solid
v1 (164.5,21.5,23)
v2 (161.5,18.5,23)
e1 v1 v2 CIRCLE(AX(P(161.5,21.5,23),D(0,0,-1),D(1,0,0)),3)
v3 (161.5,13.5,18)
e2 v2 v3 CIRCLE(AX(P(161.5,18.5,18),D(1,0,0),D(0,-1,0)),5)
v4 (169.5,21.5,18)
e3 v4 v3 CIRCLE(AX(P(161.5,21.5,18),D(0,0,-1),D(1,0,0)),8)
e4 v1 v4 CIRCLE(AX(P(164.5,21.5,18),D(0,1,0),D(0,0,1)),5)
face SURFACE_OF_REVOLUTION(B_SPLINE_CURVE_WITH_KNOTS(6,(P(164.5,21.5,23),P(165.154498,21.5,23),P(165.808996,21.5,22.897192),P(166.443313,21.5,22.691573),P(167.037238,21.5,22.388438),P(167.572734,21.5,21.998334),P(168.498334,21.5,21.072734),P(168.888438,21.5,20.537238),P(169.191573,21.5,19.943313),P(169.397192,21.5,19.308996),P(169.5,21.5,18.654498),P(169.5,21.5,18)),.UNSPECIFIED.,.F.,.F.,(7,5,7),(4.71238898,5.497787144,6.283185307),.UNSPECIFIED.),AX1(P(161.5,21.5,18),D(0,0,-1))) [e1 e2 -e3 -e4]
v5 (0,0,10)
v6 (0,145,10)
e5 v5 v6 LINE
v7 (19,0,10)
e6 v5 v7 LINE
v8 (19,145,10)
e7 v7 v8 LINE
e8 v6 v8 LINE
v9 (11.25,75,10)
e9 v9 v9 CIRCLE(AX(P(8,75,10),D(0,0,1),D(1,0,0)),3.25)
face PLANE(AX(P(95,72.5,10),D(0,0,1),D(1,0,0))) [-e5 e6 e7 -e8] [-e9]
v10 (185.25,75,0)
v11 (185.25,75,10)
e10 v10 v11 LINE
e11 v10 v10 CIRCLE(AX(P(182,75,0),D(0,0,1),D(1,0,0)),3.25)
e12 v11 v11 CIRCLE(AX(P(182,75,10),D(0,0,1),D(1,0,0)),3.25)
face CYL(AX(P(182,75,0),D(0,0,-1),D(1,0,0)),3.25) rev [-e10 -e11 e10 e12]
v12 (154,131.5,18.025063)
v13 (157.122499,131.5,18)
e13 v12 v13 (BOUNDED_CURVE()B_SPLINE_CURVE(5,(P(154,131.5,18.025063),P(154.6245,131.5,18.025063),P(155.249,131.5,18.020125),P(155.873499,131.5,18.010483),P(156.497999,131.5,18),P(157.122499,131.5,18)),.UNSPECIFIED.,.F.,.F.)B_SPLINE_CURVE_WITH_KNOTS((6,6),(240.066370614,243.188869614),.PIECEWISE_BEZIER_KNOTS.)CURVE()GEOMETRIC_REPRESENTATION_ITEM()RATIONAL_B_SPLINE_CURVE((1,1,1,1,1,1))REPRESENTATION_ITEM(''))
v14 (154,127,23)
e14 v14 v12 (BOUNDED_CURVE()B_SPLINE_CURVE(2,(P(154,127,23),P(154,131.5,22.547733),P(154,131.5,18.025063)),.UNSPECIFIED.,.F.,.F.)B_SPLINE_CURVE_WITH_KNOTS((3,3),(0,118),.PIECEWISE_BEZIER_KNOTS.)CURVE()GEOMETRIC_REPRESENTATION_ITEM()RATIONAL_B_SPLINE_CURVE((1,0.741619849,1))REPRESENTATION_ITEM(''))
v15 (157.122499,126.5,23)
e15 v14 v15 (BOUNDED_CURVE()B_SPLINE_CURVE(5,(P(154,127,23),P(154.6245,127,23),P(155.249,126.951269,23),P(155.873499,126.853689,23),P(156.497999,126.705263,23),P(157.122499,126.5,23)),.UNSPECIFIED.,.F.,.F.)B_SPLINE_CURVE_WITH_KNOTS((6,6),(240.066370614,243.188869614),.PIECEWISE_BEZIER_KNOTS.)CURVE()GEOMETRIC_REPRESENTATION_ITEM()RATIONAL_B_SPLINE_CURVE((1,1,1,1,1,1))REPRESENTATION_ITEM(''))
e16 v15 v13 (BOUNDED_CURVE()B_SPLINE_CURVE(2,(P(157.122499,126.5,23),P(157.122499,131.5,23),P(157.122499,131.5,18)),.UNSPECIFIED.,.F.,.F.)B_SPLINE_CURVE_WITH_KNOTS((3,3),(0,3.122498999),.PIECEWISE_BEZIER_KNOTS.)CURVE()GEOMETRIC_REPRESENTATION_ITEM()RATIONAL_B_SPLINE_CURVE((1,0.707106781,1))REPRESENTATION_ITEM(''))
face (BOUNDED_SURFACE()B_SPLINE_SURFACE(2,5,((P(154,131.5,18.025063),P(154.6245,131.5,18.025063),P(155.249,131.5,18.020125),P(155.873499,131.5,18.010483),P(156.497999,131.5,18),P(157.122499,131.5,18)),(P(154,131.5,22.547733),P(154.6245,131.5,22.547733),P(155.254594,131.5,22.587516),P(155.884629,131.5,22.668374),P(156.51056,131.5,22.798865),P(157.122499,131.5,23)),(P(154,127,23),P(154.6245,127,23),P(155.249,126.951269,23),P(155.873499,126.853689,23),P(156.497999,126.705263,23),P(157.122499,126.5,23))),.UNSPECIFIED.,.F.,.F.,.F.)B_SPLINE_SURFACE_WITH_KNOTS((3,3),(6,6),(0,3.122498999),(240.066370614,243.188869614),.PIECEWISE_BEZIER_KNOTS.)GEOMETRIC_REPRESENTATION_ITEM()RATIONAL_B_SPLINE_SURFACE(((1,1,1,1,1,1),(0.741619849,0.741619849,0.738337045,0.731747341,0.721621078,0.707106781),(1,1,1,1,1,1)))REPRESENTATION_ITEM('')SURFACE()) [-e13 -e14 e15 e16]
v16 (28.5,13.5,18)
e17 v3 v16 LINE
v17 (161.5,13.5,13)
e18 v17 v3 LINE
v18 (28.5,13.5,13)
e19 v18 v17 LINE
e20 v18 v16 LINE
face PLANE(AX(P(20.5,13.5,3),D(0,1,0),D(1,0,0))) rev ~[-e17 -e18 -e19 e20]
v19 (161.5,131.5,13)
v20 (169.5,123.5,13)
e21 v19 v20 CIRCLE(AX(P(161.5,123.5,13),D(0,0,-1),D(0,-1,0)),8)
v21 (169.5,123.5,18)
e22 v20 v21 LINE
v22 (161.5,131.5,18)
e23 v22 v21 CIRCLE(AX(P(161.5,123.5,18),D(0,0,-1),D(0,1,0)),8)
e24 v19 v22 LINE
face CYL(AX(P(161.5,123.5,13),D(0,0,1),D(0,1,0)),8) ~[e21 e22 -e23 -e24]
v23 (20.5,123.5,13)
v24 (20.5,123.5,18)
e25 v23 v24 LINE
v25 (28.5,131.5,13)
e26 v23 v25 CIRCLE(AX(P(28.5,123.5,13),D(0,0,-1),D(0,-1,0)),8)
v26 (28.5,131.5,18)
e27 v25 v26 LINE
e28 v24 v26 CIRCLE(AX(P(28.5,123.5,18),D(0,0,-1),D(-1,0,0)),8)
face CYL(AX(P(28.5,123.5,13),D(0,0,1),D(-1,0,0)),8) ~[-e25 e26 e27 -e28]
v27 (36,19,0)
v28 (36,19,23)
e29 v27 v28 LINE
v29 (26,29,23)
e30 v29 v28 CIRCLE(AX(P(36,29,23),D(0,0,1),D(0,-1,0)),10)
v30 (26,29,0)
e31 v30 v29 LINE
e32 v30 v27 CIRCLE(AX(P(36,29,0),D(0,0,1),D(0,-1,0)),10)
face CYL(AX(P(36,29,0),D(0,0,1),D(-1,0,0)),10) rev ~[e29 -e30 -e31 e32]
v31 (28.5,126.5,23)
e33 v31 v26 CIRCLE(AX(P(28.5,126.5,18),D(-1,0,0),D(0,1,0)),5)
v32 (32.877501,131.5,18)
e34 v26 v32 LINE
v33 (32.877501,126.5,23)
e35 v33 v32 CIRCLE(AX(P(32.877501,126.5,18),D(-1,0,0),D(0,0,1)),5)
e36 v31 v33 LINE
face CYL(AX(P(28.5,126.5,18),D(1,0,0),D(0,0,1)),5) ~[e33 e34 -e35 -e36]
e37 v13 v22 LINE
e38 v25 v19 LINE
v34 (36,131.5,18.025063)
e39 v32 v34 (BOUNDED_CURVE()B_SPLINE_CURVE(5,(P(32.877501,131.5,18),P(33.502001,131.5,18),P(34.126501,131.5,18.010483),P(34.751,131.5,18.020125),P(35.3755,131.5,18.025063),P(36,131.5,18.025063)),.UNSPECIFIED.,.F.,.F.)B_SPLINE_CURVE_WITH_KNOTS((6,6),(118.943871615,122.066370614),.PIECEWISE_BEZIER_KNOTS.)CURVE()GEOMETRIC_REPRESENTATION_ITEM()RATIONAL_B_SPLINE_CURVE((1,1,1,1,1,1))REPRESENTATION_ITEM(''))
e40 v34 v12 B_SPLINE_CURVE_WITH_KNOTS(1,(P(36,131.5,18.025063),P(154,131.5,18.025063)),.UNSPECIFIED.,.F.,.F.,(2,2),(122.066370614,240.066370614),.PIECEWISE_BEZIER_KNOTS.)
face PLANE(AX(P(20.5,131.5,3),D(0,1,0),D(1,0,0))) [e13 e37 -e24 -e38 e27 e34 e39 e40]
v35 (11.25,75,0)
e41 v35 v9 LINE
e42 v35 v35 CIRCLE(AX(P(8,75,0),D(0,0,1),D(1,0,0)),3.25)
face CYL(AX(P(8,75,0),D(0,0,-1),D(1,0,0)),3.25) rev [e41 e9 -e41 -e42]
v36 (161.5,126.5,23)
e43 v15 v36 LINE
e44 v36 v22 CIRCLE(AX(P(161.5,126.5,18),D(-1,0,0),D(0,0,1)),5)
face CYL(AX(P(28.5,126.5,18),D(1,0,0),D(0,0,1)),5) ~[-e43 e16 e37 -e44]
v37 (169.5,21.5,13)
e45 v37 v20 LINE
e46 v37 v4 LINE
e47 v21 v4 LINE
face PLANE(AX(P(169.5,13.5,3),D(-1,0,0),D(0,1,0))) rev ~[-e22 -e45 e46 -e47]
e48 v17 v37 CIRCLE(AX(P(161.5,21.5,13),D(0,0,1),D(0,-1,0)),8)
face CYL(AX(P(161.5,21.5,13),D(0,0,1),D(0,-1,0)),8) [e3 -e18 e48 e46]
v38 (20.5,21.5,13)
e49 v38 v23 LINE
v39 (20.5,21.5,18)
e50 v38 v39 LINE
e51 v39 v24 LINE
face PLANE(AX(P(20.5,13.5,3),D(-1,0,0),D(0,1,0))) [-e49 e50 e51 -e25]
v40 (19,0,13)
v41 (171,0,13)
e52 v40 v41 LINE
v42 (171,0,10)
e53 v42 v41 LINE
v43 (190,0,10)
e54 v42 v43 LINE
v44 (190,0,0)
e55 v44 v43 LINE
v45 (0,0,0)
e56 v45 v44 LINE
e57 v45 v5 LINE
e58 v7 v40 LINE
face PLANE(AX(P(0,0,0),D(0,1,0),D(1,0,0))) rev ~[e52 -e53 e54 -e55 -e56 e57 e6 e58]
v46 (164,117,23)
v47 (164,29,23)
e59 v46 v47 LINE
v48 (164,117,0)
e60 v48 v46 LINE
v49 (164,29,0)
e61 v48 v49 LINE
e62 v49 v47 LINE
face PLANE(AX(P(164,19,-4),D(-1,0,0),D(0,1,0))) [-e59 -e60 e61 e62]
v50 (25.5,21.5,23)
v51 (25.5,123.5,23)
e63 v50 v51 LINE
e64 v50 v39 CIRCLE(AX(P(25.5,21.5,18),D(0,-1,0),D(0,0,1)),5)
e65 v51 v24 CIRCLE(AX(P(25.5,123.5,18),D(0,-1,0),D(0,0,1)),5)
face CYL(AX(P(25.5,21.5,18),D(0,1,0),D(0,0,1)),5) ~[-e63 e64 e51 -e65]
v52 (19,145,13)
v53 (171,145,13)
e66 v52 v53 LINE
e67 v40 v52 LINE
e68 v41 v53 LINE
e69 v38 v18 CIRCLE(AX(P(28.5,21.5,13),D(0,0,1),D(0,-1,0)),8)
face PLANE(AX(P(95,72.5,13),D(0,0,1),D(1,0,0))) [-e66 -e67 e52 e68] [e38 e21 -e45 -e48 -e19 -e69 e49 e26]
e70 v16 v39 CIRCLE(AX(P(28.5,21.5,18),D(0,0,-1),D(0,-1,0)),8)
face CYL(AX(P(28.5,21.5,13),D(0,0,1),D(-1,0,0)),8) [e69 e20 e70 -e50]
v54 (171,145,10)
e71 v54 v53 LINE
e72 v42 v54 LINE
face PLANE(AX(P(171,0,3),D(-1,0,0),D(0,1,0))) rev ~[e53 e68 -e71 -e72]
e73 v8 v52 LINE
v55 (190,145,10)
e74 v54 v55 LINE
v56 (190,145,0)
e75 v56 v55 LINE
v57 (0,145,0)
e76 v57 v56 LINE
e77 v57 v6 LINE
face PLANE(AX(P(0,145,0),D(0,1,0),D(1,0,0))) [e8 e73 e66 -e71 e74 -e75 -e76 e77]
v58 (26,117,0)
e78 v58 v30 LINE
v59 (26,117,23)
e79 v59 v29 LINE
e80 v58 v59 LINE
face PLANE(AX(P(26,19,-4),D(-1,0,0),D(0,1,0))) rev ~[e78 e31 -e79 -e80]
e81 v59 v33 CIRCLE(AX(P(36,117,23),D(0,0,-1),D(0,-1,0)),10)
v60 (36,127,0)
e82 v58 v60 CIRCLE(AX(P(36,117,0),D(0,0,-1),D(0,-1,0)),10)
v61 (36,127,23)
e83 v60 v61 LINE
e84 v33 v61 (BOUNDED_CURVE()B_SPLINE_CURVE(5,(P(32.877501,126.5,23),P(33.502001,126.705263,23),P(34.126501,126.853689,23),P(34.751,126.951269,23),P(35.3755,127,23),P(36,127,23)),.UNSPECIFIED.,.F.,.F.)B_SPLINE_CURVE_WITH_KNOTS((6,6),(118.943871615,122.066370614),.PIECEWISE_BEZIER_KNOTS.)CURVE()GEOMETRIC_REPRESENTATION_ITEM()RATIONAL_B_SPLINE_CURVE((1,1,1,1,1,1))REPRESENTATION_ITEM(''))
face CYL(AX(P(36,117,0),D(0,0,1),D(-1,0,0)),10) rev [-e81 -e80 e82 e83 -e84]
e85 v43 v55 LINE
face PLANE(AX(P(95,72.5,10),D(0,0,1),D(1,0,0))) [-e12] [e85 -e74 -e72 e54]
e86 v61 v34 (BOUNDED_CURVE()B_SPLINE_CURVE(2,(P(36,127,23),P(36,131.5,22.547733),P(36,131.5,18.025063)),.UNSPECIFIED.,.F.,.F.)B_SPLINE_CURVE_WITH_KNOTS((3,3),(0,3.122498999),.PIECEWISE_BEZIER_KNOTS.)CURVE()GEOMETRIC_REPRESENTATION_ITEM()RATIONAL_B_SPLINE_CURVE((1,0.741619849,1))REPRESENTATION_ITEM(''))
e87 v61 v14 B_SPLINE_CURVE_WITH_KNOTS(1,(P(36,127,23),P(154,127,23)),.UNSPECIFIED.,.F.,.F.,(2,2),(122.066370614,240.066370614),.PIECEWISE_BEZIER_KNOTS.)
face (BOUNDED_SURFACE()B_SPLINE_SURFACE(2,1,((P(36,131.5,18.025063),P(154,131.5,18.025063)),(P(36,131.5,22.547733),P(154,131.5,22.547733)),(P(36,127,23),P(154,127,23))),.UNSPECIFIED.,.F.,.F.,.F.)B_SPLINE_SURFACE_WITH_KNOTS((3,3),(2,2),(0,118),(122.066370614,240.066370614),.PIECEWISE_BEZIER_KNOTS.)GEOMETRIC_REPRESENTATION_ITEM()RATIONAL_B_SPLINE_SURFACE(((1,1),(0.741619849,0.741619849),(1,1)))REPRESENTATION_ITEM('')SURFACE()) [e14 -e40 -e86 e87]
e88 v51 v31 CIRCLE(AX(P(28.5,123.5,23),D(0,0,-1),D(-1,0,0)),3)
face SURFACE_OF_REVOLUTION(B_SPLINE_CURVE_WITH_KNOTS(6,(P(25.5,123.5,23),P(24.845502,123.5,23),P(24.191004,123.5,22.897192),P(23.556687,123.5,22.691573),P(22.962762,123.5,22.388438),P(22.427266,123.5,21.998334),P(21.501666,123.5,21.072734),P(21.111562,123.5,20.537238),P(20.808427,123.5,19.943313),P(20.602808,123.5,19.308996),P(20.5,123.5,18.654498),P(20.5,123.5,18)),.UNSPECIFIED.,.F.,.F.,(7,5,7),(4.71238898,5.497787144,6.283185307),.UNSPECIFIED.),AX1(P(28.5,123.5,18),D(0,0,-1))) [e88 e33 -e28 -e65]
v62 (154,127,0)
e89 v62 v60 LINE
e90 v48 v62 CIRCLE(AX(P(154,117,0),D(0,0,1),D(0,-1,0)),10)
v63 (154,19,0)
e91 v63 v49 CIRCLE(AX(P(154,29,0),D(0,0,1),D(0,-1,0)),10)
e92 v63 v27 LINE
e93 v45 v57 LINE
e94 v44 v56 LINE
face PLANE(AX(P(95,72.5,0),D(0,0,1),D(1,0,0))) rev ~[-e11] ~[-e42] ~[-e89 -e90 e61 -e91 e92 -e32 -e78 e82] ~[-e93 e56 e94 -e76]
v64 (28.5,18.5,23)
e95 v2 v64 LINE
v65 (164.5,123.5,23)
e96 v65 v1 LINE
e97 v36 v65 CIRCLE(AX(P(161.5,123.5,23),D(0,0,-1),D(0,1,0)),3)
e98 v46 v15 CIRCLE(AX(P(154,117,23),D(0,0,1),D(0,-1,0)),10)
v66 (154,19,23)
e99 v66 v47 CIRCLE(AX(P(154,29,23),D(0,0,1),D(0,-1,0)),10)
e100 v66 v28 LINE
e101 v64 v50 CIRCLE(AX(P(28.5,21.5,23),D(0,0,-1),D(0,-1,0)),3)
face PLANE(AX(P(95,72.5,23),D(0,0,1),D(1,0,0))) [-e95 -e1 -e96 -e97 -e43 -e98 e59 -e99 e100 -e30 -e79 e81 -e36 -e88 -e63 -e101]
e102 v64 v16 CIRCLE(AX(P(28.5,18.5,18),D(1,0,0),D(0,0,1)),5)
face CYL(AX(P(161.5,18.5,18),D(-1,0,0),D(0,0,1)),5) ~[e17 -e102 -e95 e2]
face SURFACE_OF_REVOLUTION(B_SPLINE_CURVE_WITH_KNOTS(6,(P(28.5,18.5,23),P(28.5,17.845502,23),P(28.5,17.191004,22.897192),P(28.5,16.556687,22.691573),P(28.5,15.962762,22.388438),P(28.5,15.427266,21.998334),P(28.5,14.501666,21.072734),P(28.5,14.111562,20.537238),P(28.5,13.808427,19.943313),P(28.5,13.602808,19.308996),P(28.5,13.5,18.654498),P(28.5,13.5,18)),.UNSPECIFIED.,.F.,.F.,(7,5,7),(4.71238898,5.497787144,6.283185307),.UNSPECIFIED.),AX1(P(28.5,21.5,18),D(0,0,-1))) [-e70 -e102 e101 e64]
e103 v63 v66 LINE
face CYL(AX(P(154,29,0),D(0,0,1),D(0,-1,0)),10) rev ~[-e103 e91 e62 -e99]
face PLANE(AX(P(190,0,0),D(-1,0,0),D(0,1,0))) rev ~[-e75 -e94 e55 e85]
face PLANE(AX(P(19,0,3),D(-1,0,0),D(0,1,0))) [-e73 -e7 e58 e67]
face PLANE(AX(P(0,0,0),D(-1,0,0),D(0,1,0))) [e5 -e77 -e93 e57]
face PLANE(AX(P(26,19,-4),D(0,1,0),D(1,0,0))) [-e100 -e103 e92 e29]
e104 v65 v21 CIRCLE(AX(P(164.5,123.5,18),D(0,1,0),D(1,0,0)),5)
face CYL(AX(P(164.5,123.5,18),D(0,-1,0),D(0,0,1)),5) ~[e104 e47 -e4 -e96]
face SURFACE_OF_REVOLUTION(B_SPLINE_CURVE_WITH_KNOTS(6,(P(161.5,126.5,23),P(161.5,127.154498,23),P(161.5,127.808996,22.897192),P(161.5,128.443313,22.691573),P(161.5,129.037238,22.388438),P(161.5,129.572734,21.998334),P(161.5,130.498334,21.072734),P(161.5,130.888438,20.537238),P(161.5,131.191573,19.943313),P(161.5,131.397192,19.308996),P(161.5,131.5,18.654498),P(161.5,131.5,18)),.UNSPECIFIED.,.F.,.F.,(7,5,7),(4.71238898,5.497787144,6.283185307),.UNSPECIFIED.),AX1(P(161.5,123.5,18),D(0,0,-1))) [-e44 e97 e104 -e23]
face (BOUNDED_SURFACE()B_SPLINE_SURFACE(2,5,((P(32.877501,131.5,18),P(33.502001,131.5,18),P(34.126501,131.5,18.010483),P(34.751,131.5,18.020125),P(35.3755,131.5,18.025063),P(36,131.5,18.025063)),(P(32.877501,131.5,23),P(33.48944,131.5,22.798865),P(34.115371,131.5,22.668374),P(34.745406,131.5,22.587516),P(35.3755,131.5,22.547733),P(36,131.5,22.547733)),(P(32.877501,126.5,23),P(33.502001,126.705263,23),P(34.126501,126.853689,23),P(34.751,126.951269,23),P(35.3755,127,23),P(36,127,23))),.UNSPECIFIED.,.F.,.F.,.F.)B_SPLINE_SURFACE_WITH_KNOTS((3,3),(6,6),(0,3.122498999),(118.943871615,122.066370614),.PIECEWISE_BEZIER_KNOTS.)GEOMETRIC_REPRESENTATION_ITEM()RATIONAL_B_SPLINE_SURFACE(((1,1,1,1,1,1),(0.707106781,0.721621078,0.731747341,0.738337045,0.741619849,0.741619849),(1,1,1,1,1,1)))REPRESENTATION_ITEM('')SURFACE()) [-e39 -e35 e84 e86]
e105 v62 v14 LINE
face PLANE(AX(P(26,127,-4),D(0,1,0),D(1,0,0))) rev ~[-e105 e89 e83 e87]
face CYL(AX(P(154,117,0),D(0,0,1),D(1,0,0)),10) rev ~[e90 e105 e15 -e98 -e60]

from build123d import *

# Parameters (mm, degrees)
CYLINDER_R     = 3.25
CYLINDER_DEPTH = 10
ARRAY_X_COUNT  = 2
ARRAY_X_PITCH  = 174
BOX003_W       = 138
BOX003_H       = 108
BOX003_DEPTH   = 37
BOX001_W       = 152
BOX001_H       = 145
BOX001_DEPTH   = 10
BOX_W          = 190
BOX_H          = 145
BOX_DEPTH      = 10
BOX002_W       = 149
BOX002_H       = 118
BOX002_DEPTH   = 20
FILLET_R       = 10
FILLET001_R    = 8
FILLET002_R    = 5


with BuildPart() as array:
    # Cylinder → Cylinder (new body)
    with BuildSketch(Plane(origin=(8, 75, 0), x_dir=(1, 0, 0), z_dir=(0, 0, 1))):
        Circle(CYLINDER_R)
    extrude(amount=CYLINDER_DEPTH)

    # Array X: Array ×2


with BuildPart() as array_1:
    add(array.part)
    with Locations(*[(i * ARRAY_X_PITCH, 0, 0) for i in range(1, ARRAY_X_COUNT)]):
        add(array.part)


with BuildPart() as cubo003:
    # Box003 → Box003 (new body)
    with BuildSketch(Plane(origin=(26, 19, -4), x_dir=(1, 0, 0), z_dir=(0, 0, 1))):
        with Locations((69, 54)):
            Rectangle(BOX003_W, BOX003_H)
    extrude(amount=BOX003_DEPTH)


with BuildPart() as cubo001:
    # Box001 → Box001 (new body)
    with BuildSketch(Plane(origin=(19, 0, 3), x_dir=(1, 0, 0), z_dir=(0, 0, 1))):
        with Locations((76, 72.5)):
            Rectangle(BOX001_W, BOX001_H)
    extrude(amount=BOX001_DEPTH)


with BuildPart() as cubo:
    # Box → Box (new body)
    with BuildSketch(Plane.XY):
        with Locations((95, 72.5)):
            Rectangle(BOX_W, BOX_H)
    extrude(amount=BOX_DEPTH)


with BuildPart() as cut001:
    # Box002 → Box002 (new body)
    with BuildSketch(Plane(origin=(20.5, 13.5, 3), x_dir=(1, 0, 0), z_dir=(0, 0, 1))):
        with Locations((74.5, 59)):
            Rectangle(BOX002_W, BOX002_H)
    extrude(amount=BOX002_DEPTH)

    # Fusion: union Cubo001, Cubo
    add(cubo001.part)
    add(cubo.part)

    # Cut: cut Cubo003
    add(cubo003.part, mode=Mode.SUBTRACT)

    # Fillet
    fillet_edges = [cut001.edges().sort_by_distance(p)[0] for p in [
        (164, 19, 11.5),
        (26, 19, 11.5),
        (164, 127, 11.5),
        (26, 127, 11.5),
    ]]
    fillet(fillet_edges, radius=FILLET_R)

    # Fillet001
    fillet001_edges = [cut001.edges().sort_by_distance(p)[0] for p in [
        (20.5, 13.5, 18),
        (20.5, 131.5, 18),
        (169.5, 131.5, 18),
        (169.5, 13.5, 18),
    ]]
    fillet(fillet001_edges, radius=FILLET001_R)

    # Fillet002
    fillet002_edges = [cut001.edges().sort_by_distance(p)[0] for p in [
        (20.5, 72.5, 23),
        (22.843146, 15.843146, 23),
        (22.843146, 129.156854, 23),
        (95, 13.5, 23),
        (95, 131.5, 23),
        (167.156854, 15.843146, 23),
        (167.156854, 129.156854, 23),
        (169.5, 72.5, 23),
    ]]
    fillet(fillet002_edges, radius=FILLET002_R)

    # Cut001: cut Array
    add(array_1.part, mode=Mode.SUBTRACT)


solid = cut001.part
